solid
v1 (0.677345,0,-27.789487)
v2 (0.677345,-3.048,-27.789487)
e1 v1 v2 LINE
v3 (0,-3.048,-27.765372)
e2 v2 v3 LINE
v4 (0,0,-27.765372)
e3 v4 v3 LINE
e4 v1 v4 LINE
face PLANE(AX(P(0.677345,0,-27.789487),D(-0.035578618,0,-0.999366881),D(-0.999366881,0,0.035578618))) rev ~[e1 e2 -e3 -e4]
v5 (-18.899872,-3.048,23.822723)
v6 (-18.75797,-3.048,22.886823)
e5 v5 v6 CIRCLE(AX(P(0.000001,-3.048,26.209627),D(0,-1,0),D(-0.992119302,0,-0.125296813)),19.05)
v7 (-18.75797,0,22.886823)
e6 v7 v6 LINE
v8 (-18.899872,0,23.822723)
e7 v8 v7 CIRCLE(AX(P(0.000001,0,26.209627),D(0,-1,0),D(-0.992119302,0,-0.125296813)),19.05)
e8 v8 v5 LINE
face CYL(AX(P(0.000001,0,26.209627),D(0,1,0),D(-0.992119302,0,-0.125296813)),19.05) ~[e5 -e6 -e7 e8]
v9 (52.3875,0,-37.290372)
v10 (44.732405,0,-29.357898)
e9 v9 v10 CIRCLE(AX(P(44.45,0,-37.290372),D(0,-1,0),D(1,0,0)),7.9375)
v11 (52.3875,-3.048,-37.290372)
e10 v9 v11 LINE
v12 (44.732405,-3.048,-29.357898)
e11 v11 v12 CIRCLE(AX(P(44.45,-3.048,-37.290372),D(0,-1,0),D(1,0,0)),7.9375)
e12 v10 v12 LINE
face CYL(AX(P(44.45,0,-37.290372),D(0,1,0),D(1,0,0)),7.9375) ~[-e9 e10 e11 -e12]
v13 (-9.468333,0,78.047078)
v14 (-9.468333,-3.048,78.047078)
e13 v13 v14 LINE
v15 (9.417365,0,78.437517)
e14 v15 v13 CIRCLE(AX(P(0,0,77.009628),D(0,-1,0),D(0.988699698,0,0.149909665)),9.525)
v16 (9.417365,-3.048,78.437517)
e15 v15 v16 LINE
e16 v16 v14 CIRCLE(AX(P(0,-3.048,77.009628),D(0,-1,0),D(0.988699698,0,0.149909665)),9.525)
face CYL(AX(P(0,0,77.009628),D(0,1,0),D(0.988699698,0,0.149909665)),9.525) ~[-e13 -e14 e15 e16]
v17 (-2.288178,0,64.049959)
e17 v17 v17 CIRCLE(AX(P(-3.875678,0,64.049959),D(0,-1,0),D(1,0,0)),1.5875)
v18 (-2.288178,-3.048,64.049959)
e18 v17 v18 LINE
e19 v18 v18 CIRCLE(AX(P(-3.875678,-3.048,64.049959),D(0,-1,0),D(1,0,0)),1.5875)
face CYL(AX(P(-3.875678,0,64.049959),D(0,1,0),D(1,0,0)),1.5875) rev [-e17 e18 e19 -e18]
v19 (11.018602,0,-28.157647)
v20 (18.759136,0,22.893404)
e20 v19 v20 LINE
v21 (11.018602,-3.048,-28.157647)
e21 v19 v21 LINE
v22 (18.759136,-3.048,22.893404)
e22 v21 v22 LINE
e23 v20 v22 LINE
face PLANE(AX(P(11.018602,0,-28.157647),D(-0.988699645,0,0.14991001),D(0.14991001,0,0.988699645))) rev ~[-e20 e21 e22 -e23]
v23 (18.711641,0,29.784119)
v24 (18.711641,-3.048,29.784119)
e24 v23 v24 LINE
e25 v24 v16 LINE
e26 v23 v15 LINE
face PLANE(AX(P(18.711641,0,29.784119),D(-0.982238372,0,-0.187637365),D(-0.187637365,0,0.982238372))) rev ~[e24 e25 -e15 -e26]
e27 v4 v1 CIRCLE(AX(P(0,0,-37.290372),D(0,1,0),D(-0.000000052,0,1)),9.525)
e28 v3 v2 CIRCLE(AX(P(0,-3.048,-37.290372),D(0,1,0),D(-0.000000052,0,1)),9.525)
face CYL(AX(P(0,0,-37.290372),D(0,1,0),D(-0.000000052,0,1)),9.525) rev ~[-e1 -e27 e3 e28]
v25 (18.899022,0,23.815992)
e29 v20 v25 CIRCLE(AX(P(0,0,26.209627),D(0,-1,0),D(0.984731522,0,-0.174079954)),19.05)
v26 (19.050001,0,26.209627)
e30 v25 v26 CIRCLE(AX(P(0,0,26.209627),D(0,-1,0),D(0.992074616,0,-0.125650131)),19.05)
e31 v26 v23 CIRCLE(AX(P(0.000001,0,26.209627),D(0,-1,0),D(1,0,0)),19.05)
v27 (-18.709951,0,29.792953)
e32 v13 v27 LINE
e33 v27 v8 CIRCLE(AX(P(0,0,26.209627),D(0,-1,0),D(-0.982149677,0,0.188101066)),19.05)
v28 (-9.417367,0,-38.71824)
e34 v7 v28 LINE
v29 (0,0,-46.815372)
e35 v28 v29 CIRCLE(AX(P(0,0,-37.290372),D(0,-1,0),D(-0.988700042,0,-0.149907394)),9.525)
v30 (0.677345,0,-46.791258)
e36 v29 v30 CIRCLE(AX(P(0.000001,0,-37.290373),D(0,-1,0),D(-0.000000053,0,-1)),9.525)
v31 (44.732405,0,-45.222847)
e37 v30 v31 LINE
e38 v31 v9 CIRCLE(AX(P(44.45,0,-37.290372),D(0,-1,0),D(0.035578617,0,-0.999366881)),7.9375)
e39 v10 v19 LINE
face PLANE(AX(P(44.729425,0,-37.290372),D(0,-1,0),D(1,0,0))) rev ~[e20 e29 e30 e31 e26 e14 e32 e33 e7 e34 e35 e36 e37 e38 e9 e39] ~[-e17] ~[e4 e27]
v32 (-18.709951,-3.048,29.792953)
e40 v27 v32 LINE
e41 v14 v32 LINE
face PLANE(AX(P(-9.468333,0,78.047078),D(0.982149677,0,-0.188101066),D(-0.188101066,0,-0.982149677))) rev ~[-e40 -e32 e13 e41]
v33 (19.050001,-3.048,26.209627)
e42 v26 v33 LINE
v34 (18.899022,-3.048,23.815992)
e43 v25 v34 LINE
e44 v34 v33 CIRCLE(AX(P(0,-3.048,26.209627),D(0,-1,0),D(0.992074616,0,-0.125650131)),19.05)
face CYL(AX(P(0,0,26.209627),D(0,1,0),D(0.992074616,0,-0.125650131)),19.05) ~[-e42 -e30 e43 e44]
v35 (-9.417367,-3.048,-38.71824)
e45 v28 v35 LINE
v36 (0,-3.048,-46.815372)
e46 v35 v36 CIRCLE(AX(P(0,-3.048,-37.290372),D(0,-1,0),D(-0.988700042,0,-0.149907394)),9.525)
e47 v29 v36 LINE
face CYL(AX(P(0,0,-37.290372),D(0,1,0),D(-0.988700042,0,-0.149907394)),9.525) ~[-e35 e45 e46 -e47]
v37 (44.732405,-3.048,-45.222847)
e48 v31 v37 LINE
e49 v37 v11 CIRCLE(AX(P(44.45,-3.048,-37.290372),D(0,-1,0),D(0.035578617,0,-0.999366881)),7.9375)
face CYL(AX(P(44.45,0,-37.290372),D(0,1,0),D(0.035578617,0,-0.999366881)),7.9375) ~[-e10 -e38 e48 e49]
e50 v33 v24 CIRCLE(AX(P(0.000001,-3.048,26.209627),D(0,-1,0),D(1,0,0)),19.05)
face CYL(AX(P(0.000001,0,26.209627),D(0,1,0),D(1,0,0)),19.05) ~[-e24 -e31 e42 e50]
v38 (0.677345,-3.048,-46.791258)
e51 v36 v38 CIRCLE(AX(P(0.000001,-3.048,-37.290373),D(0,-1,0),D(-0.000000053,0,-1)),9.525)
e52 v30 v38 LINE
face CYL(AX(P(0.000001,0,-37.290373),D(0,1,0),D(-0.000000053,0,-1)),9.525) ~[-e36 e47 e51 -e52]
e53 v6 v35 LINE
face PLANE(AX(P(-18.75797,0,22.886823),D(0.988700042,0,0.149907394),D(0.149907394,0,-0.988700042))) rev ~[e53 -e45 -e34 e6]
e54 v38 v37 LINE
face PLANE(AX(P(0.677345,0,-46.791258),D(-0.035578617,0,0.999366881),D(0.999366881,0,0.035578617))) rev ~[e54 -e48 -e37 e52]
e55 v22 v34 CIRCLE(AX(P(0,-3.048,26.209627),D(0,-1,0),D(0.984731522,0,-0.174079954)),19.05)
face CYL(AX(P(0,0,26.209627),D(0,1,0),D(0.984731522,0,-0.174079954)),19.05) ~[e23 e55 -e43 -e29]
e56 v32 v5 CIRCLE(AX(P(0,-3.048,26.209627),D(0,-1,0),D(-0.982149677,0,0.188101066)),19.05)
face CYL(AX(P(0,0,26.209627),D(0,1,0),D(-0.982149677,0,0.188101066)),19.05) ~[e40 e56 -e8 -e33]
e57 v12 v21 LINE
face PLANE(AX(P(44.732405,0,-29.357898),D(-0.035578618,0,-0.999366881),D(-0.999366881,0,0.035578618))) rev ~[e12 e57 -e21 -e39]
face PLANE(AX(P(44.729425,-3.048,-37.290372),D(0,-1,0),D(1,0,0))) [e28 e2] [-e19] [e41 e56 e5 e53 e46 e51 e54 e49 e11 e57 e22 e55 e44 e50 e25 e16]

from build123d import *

# Parameters (mm, degrees)
F0_R     = 1.5875
F1_DEPTH = 3.048


with BuildPart() as f1:
    # F0 (on Front) → F1 (new body)
    with BuildSketch(Plane.XZ):
        with BuildLine():
            ThreePointArc((44.7324052713, -45.222847091), (50.1616327828, -42.8022829622), (52.3875, -37.2903724763))
            ThreePointArc((52.3875, -37.2903724763), (50.1616327851, -31.7784619927), (44.7324052778, -29.3578978618))
            ThreePointArc((44.7324052778, -29.3578978618), (36.5125, -37.290372473), (44.7324052713, -45.222847091))
        make_face()
        with BuildLine():
            ThreePointArc((44.7324052713, -45.222847091), (36.5125, -37.290372473), (44.7324052778, -29.3578978618))
            Line((44.7324052778, -29.3578978618), (11.0186015025, -28.157647425))
            Line((11.0186015025, -28.157647425), (9.4173646205, -38.7182653077))
            ThreePointArc((9.4173646205, -38.7182653077), (6.4629013023, -44.2872673548), (0.6773445355, -46.791258209))
            Line((0.6773445355, -46.791258209), (44.7324052713, -45.222847091))
        make_face()
        with BuildLine():
            Line((0.677344551, -27.789486708), (11.0186015025, -28.157647425))
            Line((11.0186015025, -28.157647425), (18.7591359864, 22.8934043045))
            ThreePointArc((18.7591359864, 22.8934043045), (0.0033422572, 7.1596277211), (-18.7579703659, 22.8868230415))
            Line((-18.7579703659, 22.8868230415), (-9.4173674019, -38.7182403899))
            ThreePointArc((-9.4173674019, -38.7182403899), (-7.2223977095, -31.0804941075), (0, -27.7653724579))
            ThreePointArc((0, -27.7653724579), (0.3388868317, -27.7714029206), (0.677344551, -27.789486708))
        make_face()
        with BuildLine():
            Line((9.4173646205, -38.7182653077), (11.0186015025, -28.157647425))
            Line((11.0186015025, -28.157647425), (0.677344551, -27.789486708))
            ThreePointArc((0.677344551, -27.789486708), (6.9705574023, -30.7990735549), (9.5250004983, -37.2903724579))
            ThreePointArc((9.5250004983, -37.2903724579), (9.498053411, -38.0063444323), (9.4173646205, -38.7182653077))
        make_face()
        with BuildLine():
            Line((0, -46.8153724579), (0.6773445355, -46.791258209))
            ThreePointArc((0.6773445355, -46.791258209), (6.4629013023, -44.2872673548), (9.4173646205, -38.7182653077))
            ThreePointArc((9.4173646205, -38.7182653077), (9.498053411, -38.0063444323), (9.5250004983, -37.2903724579))
            ThreePointArc((9.5250004983, -37.2903724579), (6.9705574023, -30.7990735549), (0.677344551, -27.789486708))
            Line((0.677344551, -27.789486708), (0, -27.7653724579))
            ThreePointArc((0, -27.7653724579), (-7.2223977095, -31.0804941075), (-9.4173674019, -38.7182403899))
            ThreePointArc((-9.4173674019, -38.7182403899), (-6.20987823, -44.5127703409), (0, -46.8153724579))
        make_face()
        with BuildLine():
            ThreePointArc((0, -46.8153724579), (0.3388868239, -46.8093419956), (0.6773445355, -46.791258209))
            Line((0.6773445355, -46.791258209), (0, -46.8153724579))
        make_face()
        with BuildLine():
            Line((18.8990219429, 23.8159924302), (18.7591359864, 22.8934043045))
            ThreePointArc((18.7591359864, 22.8934043045), (18.8347287444, 23.3538417285), (18.8990219429, 23.8159924302))
        make_face()
        with BuildLine():
            ThreePointArc((-18.7579703659, 22.8868230415), (0.0033422572, 7.1596277211), (18.7591359864, 22.8934043045))
            Line((18.7591359864, 22.8934043045), (18.8990219429, 23.8159924302))
            ThreePointArc((18.8990219429, 23.8159924302), (19.0122183939, 25.0104315487), (19.0500005001, 26.2096274279))
            ThreePointArc((19.0500005001, 26.2096274279), (18.9652221012, 28.004862683), (18.7116414847, 29.7841192325))
            ThreePointArc((18.7116414847, 29.7841192325), (0.0044973247, 45.2596268972), (-18.7099508547, 29.7929527413))
            ThreePointArc((-18.7099508547, 29.7929527413), (-19.0403678434, 26.8153281339), (-18.8998721955, 23.822723138))
            Line((-18.8998721955, 23.822723138), (-18.7579703659, 22.8868230415))
        make_face()
        with BuildLine():
            ThreePointArc((-18.8998721955, 23.822723138), (-18.8347353004, 23.353891564), (-18.7579703659, 22.8868230415))
            Line((-18.7579703659, 22.8868230415), (-18.8998721955, 23.822723138))
        make_face()
        with BuildLine():
            Line((-9.4683325494, 78.0470781171), (-18.7099508547, 29.7929527413))
            ThreePointArc((-18.7099508547, 29.7929527413), (0.0044973247, 45.2596268972), (18.7116414847, 29.7841192325))
            Line((18.7116414847, 29.7841192325), (9.4173646205, 78.4375170869))
            ThreePointArc((9.4173646205, 78.4375170869), (9.4980530376, 77.7255978408), (9.525, 77.0096275237))
            ThreePointArc((9.525, 77.0096275237), (-0.5194985403, 67.4988049375), (-9.4683325494, 78.0470781171))
        make_face()
        with Locations((-3.8756779395, 64.0499591827)):
            Circle(F0_R, mode=Mode.SUBTRACT)
        with BuildLine():
            ThreePointArc((9.4173646205, 78.4375170869), (-0.1968757977, 86.5325926565), (-9.4683325494, 78.0470781171))
            ThreePointArc((-9.4683325494, 78.0470781171), (-0.5194985403, 67.4988049375), (9.525, 77.0096275237))
            ThreePointArc((9.525, 77.0096275237), (9.4980530376, 77.7255978408), (9.4173646205, 78.4375170869))
        make_face()
    extrude(amount=F1_DEPTH)


solid = f1.part
